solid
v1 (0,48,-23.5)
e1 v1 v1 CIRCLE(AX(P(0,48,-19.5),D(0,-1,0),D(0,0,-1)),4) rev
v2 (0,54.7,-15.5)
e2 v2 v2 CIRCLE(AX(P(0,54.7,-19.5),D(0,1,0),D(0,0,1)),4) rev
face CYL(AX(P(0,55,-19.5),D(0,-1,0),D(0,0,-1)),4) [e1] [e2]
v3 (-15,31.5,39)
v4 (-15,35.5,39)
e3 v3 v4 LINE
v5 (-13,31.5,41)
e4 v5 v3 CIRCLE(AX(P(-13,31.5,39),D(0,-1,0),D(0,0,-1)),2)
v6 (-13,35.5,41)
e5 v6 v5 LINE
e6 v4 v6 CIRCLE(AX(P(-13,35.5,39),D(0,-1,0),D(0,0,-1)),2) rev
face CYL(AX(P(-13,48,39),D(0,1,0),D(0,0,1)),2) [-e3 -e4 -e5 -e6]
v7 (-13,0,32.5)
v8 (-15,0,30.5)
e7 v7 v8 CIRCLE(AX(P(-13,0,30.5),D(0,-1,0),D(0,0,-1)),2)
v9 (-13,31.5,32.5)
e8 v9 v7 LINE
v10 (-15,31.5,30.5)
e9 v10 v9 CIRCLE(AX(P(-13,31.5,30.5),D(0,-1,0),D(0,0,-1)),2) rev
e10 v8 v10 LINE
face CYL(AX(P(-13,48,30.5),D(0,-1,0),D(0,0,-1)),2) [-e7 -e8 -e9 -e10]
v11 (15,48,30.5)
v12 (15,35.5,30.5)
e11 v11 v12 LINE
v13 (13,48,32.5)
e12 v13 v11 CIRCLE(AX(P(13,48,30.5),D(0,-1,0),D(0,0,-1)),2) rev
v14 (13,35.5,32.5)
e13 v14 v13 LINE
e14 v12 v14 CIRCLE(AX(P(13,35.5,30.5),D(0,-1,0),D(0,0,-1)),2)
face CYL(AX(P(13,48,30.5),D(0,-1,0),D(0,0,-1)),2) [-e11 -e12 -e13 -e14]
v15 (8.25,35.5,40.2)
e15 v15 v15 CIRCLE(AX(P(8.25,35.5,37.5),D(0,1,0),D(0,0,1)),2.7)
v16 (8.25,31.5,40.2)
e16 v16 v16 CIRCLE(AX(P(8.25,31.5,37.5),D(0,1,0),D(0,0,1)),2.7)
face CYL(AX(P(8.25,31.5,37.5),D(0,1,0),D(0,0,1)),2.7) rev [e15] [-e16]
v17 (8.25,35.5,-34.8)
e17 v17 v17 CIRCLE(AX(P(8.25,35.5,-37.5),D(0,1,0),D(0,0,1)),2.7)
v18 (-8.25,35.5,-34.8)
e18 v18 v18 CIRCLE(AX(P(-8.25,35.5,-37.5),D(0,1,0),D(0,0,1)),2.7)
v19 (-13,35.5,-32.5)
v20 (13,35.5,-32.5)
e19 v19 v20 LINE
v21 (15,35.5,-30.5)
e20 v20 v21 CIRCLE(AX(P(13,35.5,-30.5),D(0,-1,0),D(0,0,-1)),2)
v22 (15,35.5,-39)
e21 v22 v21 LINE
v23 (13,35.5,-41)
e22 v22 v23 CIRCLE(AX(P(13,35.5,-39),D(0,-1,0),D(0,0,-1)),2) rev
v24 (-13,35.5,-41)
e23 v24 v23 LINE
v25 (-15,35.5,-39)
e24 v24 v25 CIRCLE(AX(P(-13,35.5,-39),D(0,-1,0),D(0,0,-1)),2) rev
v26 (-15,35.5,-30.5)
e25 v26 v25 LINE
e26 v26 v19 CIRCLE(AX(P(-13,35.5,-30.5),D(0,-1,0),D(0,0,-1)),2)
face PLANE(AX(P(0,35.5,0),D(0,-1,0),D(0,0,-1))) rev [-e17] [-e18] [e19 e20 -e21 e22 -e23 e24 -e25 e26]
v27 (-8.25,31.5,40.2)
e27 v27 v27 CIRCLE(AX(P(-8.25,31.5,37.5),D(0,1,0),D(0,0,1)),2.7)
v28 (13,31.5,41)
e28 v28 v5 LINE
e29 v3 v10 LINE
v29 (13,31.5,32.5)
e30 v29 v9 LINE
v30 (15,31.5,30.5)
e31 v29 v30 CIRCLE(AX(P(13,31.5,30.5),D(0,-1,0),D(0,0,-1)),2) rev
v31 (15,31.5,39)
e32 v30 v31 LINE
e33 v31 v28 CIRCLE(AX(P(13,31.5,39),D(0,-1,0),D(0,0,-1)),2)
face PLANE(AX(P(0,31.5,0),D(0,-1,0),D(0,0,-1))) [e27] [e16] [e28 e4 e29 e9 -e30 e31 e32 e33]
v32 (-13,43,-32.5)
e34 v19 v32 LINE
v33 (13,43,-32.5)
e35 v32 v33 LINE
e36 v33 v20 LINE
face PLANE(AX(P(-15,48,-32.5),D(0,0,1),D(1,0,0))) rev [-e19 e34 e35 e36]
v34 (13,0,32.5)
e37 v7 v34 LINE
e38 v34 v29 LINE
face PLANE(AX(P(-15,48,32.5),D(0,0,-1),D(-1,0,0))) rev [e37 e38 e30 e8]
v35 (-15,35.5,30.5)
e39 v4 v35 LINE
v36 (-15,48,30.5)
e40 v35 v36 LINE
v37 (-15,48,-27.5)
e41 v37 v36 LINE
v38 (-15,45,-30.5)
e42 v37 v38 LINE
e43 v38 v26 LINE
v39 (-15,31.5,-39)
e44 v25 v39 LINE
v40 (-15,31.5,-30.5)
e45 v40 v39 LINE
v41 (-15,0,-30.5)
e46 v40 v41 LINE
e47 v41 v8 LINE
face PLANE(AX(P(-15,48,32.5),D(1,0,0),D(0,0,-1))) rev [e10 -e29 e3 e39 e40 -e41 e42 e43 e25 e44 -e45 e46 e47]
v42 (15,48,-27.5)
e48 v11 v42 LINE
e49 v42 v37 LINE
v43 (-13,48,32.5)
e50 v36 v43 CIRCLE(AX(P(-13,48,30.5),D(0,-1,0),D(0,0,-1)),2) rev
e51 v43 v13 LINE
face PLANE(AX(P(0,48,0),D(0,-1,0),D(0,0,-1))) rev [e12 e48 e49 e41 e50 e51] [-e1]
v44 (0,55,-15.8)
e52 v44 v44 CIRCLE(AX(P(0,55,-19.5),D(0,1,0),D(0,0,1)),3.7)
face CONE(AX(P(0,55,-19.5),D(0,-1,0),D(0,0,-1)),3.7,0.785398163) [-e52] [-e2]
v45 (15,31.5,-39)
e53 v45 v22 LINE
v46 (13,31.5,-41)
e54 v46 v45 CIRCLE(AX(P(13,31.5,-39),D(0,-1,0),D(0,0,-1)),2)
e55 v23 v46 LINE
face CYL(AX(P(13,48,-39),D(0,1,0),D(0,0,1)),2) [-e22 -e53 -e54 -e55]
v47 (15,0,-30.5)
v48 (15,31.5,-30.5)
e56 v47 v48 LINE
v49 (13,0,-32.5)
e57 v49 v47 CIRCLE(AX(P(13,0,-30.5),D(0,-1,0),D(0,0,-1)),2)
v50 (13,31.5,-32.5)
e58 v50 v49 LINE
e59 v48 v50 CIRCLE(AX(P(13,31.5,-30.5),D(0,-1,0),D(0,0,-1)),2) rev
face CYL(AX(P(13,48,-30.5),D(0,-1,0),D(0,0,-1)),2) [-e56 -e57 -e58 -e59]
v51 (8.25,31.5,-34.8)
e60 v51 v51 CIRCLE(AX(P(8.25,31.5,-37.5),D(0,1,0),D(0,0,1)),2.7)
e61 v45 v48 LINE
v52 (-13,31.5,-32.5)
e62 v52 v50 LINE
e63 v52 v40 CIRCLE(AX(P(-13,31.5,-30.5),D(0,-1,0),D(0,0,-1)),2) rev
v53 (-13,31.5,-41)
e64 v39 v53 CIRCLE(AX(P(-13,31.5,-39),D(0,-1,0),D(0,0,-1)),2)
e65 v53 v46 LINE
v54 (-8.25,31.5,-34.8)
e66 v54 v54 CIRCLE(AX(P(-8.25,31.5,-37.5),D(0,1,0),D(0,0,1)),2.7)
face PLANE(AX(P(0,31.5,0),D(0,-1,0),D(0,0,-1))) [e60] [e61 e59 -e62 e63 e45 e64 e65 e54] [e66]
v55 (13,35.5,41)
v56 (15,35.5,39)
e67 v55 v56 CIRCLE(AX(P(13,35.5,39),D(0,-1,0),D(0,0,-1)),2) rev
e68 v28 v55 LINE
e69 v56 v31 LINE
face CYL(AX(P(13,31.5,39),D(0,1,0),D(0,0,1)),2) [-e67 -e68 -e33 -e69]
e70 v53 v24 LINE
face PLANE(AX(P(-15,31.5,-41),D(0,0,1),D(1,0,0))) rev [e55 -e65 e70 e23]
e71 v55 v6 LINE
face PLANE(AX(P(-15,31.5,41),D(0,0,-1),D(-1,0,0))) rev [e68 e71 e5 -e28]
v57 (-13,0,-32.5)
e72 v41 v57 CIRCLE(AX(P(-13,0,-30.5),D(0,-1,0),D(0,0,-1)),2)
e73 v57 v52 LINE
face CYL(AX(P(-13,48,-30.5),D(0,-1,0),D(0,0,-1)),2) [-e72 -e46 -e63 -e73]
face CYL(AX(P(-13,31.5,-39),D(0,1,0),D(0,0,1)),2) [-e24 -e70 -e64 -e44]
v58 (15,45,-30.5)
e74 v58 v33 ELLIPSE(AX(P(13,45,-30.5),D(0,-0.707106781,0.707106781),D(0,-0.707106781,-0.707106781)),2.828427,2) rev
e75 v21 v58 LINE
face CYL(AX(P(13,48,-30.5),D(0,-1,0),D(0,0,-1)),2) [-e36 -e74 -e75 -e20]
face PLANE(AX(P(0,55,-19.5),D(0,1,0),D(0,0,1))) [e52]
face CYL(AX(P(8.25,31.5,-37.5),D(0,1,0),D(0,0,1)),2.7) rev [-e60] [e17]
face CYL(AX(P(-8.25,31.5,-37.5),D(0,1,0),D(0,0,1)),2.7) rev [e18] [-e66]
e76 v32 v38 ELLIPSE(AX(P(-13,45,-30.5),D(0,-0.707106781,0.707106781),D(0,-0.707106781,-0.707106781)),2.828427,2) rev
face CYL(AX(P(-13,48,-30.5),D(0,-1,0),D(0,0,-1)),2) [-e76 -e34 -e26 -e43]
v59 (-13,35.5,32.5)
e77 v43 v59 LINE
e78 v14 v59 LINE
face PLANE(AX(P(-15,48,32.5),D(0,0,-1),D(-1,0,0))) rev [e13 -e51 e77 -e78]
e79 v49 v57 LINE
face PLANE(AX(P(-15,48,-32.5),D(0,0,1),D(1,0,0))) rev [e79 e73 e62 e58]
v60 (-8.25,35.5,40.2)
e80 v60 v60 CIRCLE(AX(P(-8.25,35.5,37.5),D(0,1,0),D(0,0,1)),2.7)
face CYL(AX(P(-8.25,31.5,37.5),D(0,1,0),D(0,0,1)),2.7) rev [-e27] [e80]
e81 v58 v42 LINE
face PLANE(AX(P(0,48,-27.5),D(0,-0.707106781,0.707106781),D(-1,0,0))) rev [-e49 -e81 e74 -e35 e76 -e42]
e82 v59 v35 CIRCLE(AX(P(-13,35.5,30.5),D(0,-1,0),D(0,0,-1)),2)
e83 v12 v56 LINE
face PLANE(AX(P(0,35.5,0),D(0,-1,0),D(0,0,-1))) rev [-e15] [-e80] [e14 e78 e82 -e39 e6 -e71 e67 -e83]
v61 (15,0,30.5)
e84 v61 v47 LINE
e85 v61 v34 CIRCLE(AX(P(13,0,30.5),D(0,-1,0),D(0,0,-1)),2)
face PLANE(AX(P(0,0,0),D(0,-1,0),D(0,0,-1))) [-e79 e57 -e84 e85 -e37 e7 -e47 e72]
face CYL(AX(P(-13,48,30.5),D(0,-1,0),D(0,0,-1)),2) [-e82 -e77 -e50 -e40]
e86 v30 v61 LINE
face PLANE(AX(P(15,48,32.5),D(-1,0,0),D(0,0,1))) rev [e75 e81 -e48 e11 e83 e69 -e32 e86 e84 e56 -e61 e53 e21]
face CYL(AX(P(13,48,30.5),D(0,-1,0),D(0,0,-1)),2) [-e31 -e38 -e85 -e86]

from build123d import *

# Parameters (mm, degrees)
SKETCH_1_W          = 30
SKETCH_1_H          = 65
EXTRUDE_1_DEPTH     = 48
SKETCH_2_W          = 30
SKETCH_2_H          = 82
EXTRUDE_2_DEPTH     = 4
SKETCH_3_R          = 2.7
CUT_EXTRUDE_1_DEPTH = 4
SKETCH_4_R          = 4
EXTRUDE_3_DEPTH     = 7
CHAMFER_1_SIZE      = 0.3
FILLET_1_R          = 2
CHAMFER_2_SIZE      = 5
FILLET_2_R          = 2


with BuildPart() as part:
    # 草图1 → 凸台-拉伸1 (new body)
    with BuildSketch(Plane(origin=(0, 0, 0), x_dir=(1, 0, 0), z_dir=(0, 1, 0))):
        Rectangle(SKETCH_1_W, SKETCH_1_H)
    extrude(amount=EXTRUDE_1_DEPTH)

    # 草图2 → 凸台-拉伸2 (add)
    with BuildSketch(Plane(origin=(0, 35.5, 0), x_dir=(-1, 0, 0), z_dir=(0, -1, 0))):
        Rectangle(SKETCH_2_W, SKETCH_2_H)
    extrude(amount=EXTRUDE_2_DEPTH)

    # 草图3 → 切除-拉伸1 (cut)
    with BuildSketch(Plane(origin=(0, 35.5, 0), x_dir=(1, 0, 0), z_dir=(0, 1, 0))):
        with Locations(Location((-8.25, 37.5, 0), (0, 0, 270))):
            Circle(SKETCH_3_R)
        with Locations(Location((8.25, 37.5, 0), (0, 0, 270))):
            Circle(SKETCH_3_R)
        with Locations(Location((8.25, -37.5, 0), (0, 0, 270))):
            Circle(SKETCH_3_R)
        with Locations(Location((-8.25, -37.5, 0), (0, 0, 270))):
            Circle(SKETCH_3_R)
    extrude(amount=-CUT_EXTRUDE_1_DEPTH, mode=Mode.SUBTRACT)

    # 草图4 → 凸台-拉伸3 (add)
    with BuildSketch(Plane(origin=(0, 48, 0), x_dir=(1, 0, 0), z_dir=(0, 1, 0))):
        with Locations(Location((0, 19.5, 0), (0, 0, 90))):
            Circle(SKETCH_4_R)
    extrude(amount=EXTRUDE_3_DEPTH)

    # 倒角1
    chamfer_1_edges = [part.edges().sort_by_distance(p)[0] for p in [
        (0, 55, -15.5),
    ]]
    chamfer(chamfer_1_edges, length=CHAMFER_1_SIZE)

    # 圆角1
    fillet_1_edges = [part.edges().sort_by_distance(p)[0] for p in [
        (15, 15.75, 32.5),
        (-15, 15.75, 32.5),
        (-15, 15.75, -32.5),
        (15, 15.75, -32.5),
        (15, 41.75, 32.5),
        (-15, 41.75, 32.5),
    ]]
    fillet(fillet_1_edges, radius=FILLET_1_R)

    # 倒角2
    chamfer_2_edges = [part.edges().sort_by_distance(p)[0] for p in [
        (0, 48, -32.5),
    ]]
    chamfer(chamfer_2_edges, length=CHAMFER_2_SIZE)

    # 圆角2
    fillet_2_edges = [part.edges().sort_by_distance(p)[0] for p in [
        (-15, 39.25, -32.5),
        (15, 39.25, -32.5),
        (15, 33.5, -41),
        (-15, 33.5, 41),
        (15, 33.5, 41),
        (-15, 33.5, -41),
    ]]
    fillet(fillet_2_edges, radius=FILLET_2_R)


solid = part.part
